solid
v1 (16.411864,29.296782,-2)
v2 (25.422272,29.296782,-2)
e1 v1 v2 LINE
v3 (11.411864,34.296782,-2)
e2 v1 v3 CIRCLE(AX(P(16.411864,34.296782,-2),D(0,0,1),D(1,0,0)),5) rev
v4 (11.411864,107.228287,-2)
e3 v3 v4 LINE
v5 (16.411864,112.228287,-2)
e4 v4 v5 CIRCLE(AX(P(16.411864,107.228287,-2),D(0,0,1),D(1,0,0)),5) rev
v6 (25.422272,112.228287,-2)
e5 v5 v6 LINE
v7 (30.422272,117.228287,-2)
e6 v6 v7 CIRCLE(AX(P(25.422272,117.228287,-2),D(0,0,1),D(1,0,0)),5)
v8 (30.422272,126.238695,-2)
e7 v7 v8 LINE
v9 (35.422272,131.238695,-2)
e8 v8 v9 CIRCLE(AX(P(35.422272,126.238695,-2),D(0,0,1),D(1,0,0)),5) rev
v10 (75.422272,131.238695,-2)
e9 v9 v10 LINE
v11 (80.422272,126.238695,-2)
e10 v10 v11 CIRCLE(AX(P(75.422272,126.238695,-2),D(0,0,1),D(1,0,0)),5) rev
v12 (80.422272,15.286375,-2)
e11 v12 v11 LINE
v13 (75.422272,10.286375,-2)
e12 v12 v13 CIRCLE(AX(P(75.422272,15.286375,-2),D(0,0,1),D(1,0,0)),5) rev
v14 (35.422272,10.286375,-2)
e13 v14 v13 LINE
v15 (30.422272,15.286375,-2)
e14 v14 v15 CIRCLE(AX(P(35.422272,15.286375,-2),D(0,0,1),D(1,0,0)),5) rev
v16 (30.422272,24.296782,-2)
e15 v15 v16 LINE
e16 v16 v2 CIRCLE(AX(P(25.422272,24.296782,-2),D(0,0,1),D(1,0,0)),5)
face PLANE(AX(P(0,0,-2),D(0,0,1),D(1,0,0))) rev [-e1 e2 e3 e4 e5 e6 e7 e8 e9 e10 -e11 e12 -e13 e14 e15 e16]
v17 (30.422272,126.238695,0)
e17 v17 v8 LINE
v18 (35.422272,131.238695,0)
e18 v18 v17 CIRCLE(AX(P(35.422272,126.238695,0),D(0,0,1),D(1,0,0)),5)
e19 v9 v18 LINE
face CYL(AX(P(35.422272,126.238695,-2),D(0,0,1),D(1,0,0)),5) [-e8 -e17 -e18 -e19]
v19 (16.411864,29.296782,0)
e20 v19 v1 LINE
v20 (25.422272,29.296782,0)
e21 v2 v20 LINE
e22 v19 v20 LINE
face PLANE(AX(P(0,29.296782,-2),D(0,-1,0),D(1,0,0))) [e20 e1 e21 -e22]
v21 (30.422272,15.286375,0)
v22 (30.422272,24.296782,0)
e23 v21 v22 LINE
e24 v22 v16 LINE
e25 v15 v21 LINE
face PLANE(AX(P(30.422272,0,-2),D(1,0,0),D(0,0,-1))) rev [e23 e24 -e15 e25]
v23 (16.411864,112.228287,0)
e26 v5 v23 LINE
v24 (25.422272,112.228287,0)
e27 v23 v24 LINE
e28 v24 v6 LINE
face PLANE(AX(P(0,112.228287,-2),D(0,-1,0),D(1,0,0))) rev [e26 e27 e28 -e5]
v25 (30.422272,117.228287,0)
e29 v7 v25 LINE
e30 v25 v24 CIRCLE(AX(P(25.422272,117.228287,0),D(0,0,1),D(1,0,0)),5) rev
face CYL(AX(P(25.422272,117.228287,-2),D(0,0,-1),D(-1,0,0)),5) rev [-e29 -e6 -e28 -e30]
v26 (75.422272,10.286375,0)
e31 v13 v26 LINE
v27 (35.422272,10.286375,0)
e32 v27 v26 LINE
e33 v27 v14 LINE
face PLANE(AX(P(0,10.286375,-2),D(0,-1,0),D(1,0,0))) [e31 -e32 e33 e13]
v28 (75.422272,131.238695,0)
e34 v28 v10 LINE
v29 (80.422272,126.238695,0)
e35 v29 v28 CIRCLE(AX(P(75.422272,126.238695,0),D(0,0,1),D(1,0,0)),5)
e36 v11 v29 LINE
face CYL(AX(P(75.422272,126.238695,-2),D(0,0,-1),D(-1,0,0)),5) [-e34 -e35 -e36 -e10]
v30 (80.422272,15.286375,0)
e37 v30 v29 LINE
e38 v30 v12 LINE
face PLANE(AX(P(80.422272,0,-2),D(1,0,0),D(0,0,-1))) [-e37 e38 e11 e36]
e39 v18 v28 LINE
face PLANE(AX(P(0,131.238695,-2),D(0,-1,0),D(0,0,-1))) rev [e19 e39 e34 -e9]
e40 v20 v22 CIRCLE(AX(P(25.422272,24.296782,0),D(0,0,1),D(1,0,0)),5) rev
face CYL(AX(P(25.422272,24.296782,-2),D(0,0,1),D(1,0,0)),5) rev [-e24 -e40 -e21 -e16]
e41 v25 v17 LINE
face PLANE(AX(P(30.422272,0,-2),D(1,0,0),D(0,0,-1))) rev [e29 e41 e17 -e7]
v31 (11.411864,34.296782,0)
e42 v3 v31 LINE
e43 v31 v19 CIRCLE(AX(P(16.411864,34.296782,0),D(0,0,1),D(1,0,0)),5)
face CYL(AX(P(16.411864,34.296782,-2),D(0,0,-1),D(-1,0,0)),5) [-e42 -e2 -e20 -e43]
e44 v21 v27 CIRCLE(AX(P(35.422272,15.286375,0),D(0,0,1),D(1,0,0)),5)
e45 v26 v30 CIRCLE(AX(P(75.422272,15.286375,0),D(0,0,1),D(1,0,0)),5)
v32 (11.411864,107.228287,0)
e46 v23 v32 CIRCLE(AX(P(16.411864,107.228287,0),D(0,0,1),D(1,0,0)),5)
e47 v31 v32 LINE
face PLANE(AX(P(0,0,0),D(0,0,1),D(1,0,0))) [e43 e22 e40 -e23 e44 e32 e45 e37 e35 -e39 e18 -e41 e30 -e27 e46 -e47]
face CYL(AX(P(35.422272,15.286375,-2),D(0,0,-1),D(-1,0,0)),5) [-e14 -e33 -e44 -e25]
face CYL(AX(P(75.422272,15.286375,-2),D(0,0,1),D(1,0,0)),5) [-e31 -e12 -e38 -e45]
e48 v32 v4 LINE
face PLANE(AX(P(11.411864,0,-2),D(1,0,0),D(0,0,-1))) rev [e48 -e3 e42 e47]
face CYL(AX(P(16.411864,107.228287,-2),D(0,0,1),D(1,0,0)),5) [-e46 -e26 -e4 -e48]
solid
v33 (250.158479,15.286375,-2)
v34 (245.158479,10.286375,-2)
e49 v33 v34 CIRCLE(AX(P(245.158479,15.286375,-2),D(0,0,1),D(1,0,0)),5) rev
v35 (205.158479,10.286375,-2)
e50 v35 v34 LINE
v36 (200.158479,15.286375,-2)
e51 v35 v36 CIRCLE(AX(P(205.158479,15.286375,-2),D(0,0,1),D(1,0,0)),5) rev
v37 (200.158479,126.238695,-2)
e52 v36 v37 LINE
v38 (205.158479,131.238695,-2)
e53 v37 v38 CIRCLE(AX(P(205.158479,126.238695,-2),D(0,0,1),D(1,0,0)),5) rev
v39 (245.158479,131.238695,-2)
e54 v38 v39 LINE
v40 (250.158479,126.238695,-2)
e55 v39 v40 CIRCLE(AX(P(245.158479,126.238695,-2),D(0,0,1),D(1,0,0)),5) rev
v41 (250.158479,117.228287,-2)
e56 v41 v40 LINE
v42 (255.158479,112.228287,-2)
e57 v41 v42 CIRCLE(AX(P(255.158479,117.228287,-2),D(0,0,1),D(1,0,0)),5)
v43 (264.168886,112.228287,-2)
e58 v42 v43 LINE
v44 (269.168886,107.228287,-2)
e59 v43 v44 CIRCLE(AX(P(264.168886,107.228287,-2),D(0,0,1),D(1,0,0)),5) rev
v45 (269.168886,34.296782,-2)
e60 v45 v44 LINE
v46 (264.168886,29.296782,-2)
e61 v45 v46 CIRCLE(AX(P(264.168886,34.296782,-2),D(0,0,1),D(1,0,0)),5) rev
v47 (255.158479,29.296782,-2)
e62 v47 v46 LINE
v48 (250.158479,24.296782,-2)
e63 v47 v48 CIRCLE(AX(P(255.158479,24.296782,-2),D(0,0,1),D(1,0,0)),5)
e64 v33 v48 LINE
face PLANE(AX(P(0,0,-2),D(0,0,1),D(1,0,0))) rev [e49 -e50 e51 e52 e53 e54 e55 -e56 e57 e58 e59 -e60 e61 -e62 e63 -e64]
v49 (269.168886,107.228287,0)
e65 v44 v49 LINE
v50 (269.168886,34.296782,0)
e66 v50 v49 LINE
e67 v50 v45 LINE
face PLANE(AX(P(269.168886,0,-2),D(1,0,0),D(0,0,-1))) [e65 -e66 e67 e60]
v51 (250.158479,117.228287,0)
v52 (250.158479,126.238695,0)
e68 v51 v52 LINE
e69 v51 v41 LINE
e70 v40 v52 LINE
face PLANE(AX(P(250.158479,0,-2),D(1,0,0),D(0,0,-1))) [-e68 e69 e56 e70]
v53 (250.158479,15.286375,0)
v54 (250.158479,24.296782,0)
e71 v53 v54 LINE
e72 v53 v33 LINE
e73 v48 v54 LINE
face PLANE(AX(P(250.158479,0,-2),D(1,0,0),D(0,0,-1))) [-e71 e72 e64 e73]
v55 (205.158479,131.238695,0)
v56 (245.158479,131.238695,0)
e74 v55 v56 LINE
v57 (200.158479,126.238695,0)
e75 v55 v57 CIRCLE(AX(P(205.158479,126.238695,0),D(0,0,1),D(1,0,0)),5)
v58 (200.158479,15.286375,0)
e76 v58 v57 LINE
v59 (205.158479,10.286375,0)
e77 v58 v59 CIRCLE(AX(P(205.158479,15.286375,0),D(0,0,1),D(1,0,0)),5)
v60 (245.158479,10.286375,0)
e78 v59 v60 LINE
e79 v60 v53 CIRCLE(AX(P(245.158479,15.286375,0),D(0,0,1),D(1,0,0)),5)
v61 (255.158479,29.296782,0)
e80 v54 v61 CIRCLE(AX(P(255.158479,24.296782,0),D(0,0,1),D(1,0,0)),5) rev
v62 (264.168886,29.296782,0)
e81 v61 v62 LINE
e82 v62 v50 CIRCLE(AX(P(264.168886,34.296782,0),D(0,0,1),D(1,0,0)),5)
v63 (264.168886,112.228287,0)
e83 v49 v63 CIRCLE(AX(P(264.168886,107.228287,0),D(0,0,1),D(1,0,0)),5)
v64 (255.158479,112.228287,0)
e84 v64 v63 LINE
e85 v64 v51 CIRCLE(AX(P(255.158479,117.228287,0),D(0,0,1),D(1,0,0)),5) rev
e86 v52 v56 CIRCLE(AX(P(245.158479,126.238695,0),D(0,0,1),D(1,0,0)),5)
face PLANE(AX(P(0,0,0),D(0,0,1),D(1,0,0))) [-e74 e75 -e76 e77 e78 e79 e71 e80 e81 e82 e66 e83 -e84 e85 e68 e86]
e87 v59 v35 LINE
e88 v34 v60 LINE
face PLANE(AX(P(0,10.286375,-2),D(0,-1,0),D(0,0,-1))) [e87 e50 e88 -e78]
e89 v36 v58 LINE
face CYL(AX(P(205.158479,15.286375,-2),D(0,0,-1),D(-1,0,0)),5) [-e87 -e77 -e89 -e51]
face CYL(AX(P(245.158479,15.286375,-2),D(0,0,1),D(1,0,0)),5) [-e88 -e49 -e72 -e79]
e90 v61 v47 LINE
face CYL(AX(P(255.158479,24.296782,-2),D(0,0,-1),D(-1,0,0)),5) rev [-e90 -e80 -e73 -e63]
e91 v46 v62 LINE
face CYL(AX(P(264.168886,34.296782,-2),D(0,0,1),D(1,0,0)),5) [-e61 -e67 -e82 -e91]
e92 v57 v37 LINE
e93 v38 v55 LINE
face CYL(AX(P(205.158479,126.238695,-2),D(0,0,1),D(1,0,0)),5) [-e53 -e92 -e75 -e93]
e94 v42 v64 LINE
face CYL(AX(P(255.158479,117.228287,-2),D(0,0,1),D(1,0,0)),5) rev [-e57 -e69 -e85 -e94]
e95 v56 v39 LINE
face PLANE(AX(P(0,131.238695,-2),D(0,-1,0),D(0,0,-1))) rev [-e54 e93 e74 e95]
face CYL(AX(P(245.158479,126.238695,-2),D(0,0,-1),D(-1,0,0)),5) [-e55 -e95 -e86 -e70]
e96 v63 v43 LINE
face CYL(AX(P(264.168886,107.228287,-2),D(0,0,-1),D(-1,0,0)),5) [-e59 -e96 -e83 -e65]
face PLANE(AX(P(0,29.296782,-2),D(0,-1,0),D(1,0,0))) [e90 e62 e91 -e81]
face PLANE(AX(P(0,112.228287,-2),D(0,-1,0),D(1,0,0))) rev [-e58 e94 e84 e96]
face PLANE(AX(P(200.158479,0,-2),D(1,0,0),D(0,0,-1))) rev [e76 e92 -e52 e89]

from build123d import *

# Parameters (mm, degrees)
BOSS_EXTRUDE1_DEPTH   = 2
BOSS_EXTRUDE1_2_DEPTH = 2
FILLET1_R             = 5
FILLET2_R             = 5


with BuildPart() as part:
    # Sketch24 → Boss-Extrude1 (new body)
    with BuildSketch(Plane.XY):
        Polygon((30.42227205, 29.296782196), (30.42227205, 10.286374556), (80.42227205, 10.286374556), (80.42227205, 131.238694526), (30.42227205, 131.238694526), (30.42227205, 112.228286886), (11.41186441, 112.228286886), (11.41186441, 29.296782196), align=None)
    extrude(amount=-BOSS_EXTRUDE1_DEPTH)

    # Fillet1
    fillet1_edges = [part.edges().sort_by_distance(p)[0] for p in [
        (11.41186441, 29.296782196, -1),
        (30.42227205, 29.296782196, -1),
        (30.42227205, 10.286374556, -1),
        (80.42227205, 10.286374556, -1),
        (80.42227205, 131.238694526, -1),
        (30.42227205, 131.238694526, -1),
        (30.42227205, 112.228286886, -1),
        (11.41186441, 112.228286886, -1),
    ]]
    fillet(fillet1_edges, radius=FILLET1_R)


with BuildPart() as body_2:
    # Sketch24 → Boss-Extrude1 2 (new body)
    with BuildSketch(Plane.XY):
        Polygon((269.168886442, 112.228286886), (250.158478802, 112.228286886), (250.158478802, 131.238694526), (200.158478802, 131.238694526), (200.158478802, 10.286374556), (250.158478802, 10.286374556), (250.158478802, 29.296782196), (269.168886442, 29.296782196), align=None)
    extrude(amount=-BOSS_EXTRUDE1_2_DEPTH)

    # Fillet2
    fillet2_edges = [body_2.edges().sort_by_distance(p)[0] for p in [
        (200.158478802, 131.238694526, -1),
        (250.158478802, 131.238694526, -1),
        (250.158478802, 112.228286886, -1),
        (269.168886442, 112.228286886, -1),
        (250.158478802, 29.296782196, -1),
        (269.168886442, 29.296782196, -1),
        (250.158478802, 10.286374556, -1),
        (200.158478802, 10.286374556, -1),
    ]]
    fillet(fillet2_edges, radius=FILLET2_R)


solid = Compound([part.part, body_2.part])
